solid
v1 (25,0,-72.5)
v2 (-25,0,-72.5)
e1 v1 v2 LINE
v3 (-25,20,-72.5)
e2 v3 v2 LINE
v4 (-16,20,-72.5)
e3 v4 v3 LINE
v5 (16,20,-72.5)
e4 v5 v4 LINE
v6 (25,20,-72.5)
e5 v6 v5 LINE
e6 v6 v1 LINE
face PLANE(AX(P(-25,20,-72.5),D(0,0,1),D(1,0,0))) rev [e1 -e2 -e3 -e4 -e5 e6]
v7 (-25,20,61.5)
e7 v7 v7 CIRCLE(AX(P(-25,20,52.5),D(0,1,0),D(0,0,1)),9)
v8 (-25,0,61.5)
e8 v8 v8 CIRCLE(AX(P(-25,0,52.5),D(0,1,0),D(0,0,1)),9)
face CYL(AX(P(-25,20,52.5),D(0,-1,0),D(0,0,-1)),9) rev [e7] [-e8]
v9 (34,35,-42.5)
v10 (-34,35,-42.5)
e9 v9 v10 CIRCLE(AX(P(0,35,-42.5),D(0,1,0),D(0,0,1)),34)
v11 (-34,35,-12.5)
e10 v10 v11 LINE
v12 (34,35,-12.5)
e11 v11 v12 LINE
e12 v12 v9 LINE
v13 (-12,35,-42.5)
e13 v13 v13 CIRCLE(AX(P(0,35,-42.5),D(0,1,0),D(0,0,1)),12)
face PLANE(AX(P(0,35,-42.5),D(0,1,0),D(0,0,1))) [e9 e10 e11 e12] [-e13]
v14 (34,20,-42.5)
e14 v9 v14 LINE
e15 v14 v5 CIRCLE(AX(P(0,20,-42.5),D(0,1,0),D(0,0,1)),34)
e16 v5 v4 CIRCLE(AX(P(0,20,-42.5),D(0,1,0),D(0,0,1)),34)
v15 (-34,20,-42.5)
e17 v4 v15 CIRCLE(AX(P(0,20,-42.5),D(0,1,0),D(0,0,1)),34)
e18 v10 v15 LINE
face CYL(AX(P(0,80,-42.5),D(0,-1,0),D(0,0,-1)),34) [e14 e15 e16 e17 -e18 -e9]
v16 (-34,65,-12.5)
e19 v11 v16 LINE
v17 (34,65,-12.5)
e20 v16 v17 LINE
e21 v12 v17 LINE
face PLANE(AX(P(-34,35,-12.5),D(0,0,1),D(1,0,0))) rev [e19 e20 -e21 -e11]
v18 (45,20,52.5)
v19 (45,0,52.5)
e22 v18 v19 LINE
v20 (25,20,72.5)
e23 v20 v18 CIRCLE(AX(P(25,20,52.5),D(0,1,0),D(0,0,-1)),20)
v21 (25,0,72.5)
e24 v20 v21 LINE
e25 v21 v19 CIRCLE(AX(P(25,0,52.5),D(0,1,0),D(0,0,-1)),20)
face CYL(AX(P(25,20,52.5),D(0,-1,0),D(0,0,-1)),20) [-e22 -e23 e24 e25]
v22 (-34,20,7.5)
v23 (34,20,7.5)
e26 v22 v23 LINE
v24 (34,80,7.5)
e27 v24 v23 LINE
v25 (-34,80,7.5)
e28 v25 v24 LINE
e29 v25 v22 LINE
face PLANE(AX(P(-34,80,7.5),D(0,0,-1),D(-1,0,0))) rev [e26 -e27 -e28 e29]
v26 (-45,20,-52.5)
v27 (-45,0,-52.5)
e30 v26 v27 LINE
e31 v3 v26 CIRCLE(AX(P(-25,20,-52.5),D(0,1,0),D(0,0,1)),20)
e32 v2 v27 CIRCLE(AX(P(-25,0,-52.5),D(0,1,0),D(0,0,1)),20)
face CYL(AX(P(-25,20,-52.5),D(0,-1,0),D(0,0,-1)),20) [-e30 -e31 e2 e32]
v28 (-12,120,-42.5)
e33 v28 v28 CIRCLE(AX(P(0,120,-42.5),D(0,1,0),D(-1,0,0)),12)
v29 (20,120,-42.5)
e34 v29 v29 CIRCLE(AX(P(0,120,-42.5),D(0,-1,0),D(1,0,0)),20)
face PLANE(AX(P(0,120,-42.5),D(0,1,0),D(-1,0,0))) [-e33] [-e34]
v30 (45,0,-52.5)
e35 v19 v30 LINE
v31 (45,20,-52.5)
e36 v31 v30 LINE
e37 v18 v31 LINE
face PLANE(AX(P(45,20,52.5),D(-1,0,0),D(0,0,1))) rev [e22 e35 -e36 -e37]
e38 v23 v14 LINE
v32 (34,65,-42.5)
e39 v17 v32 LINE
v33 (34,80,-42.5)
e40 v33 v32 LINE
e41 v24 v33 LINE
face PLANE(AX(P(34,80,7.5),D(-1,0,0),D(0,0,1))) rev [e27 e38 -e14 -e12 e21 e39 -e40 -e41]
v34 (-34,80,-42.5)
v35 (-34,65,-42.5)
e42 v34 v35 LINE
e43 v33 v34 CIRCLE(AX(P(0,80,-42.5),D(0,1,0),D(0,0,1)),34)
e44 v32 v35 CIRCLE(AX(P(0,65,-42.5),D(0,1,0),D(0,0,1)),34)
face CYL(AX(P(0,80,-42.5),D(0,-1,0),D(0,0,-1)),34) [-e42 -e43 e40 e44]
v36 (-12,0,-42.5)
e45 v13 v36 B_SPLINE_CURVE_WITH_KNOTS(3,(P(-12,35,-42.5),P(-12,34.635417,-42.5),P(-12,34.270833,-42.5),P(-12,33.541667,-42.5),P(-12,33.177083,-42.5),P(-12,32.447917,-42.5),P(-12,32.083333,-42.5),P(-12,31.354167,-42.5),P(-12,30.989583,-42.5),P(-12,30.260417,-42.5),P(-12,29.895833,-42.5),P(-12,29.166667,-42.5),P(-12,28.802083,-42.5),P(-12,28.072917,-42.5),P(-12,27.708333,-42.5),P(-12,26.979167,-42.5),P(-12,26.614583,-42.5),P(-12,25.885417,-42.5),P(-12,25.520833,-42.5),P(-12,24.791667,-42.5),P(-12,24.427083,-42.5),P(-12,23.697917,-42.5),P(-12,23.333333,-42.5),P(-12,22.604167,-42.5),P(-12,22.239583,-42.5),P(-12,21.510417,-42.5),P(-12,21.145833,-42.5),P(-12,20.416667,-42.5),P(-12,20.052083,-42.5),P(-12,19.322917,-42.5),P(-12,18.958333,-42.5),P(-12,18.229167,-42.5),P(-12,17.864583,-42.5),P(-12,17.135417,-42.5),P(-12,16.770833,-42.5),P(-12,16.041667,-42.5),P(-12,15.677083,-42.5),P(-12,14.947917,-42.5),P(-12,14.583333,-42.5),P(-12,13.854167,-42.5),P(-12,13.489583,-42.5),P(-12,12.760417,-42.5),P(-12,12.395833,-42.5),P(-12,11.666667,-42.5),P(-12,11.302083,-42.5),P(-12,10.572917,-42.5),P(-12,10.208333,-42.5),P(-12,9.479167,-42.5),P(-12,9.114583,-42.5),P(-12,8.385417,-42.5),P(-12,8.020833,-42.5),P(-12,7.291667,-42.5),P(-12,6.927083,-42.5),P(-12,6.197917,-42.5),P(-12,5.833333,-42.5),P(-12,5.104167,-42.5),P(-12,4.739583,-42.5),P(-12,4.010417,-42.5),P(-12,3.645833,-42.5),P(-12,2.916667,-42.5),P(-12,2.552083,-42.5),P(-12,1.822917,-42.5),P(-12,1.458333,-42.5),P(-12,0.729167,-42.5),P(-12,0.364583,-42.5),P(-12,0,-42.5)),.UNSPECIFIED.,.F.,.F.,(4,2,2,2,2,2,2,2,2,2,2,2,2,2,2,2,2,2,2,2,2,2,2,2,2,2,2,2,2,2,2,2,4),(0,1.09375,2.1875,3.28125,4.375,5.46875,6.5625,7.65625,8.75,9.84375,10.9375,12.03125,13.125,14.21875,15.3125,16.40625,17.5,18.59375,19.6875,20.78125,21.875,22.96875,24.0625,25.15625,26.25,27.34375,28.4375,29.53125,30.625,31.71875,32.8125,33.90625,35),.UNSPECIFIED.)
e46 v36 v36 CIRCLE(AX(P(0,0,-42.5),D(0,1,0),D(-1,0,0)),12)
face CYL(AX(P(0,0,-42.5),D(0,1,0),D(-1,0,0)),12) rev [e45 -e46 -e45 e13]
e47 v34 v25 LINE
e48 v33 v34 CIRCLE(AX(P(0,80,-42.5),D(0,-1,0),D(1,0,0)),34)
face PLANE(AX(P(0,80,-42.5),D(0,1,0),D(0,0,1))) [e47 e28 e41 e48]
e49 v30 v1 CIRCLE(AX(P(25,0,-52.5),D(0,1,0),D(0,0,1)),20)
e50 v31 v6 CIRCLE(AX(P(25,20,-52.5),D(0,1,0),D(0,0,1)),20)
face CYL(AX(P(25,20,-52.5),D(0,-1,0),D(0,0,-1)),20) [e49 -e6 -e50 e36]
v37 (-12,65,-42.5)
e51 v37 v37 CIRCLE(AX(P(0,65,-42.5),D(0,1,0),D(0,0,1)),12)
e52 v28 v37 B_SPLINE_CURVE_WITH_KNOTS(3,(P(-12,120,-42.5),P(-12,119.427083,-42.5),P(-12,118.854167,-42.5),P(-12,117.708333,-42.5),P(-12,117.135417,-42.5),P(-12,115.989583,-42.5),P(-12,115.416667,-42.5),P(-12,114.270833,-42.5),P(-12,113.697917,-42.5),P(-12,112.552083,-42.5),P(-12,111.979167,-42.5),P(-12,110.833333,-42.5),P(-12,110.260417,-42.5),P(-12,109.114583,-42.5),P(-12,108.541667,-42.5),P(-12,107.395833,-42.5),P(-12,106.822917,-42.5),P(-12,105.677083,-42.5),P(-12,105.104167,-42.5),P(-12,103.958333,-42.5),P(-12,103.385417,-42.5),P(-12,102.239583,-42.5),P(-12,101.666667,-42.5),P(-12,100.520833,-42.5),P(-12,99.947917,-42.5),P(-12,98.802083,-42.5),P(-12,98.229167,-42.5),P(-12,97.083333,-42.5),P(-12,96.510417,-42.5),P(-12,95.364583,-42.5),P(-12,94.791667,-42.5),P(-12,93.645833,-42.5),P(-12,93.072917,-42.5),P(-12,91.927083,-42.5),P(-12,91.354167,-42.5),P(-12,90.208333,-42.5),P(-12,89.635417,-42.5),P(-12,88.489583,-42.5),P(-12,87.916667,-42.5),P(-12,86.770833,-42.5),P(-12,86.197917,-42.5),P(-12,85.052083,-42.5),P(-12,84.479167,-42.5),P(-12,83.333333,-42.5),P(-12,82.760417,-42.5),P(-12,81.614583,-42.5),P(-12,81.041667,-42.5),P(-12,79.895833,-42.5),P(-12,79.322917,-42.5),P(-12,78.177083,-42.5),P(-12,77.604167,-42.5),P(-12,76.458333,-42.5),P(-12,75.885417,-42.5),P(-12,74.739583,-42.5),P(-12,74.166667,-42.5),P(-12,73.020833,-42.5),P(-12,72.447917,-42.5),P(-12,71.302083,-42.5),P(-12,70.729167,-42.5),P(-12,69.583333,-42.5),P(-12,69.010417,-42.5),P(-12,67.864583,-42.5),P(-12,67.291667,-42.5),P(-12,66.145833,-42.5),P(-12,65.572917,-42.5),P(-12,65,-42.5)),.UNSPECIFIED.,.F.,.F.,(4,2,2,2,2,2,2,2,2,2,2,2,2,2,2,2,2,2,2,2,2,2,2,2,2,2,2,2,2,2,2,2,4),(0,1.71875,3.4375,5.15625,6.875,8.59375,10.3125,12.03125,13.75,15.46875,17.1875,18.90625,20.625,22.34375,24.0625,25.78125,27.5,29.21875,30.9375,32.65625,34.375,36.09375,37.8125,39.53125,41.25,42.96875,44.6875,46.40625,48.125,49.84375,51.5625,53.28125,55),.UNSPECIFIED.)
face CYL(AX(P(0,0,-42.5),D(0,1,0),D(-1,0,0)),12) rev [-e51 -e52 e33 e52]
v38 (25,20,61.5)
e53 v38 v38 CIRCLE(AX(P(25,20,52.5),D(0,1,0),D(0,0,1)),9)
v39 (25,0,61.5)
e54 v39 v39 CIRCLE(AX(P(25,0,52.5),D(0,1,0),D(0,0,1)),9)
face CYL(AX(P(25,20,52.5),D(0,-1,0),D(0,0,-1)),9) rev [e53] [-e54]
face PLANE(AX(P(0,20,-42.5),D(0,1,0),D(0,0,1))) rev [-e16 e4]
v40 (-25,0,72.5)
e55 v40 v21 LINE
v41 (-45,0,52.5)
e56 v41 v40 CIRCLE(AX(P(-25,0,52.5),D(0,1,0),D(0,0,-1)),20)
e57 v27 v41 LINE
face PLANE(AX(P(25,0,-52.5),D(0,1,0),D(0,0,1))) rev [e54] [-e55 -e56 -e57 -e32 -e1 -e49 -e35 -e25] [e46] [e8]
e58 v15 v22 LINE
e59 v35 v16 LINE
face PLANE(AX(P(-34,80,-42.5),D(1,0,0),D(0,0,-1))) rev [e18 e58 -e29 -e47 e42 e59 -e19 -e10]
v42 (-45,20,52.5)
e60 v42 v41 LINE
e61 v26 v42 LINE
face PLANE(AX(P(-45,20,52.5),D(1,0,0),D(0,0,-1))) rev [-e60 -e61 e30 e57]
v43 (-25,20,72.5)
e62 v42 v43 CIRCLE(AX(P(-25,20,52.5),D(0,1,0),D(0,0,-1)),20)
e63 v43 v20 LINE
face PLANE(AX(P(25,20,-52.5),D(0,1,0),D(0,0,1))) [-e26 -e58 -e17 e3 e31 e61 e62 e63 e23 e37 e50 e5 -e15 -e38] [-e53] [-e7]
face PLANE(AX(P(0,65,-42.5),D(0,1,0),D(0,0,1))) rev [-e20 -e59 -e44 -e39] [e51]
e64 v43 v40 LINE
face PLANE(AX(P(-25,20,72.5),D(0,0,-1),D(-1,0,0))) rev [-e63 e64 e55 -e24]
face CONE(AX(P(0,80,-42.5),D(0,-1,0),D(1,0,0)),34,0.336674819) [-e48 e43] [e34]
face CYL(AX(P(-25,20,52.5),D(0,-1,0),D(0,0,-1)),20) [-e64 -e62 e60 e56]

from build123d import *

# Parameters (mm, degrees)
SKETCH1_R           = 9
BOSS_EXTRUDE1_DEPTH = 20
BOSS_EXTRUDE4_DEPTH = 60
CUT_EXTRUDE1_START  = -45
CUT_EXTRUDE1_DEPTH  = 30
SKETCH9_R           = 12
CUT_EXTRUDE2_DEPTH  = 150.255653159


with BuildPart() as part:
    # Sketch1 → Boss-Extrude1 (new body)
    with BuildSketch(Plane(origin=(0, 0, 0), x_dir=(1, 0, 0), z_dir=(0, 1, 0))):
        with BuildLine():
            Line((-25, -72.5), (25, -72.5))
            ThreePointArc((25, -72.5), (39.142135624, -66.642135624), (45, -52.5))
            Line((45, -52.5), (45, 52.5))
            ThreePointArc((45, 52.5), (39.142135624, 66.642135624), (25, 72.5))
            Line((25, 72.5), (-25, 72.5))
            ThreePointArc((-25, 72.5), (-39.142135624, 66.642135624), (-45, 52.5))
            Line((-45, 52.5), (-45, -52.5))
            ThreePointArc((-45, -52.5), (-39.142135624, -66.642135624), (-25, -72.5))
        make_face()
        with Locations(Location((25, -52.5, 0), (0, 0, 270))):
            Circle(SKETCH1_R, mode=Mode.SUBTRACT)
        with Locations(Location((-25, -52.5, 0), (0, 0, 270))):
            Circle(SKETCH1_R, mode=Mode.SUBTRACT)
    extrude(amount=BOSS_EXTRUDE1_DEPTH)

    # Sketch4 → Boss-Extrude4 (add)
    with BuildSketch(Plane(origin=(0, 20, 0), x_dir=(1, 0, 0), z_dir=(0, 1, 0))):
        with BuildLine():
            Line((-34, -7.5), (34, -7.5))
            Line((34, -7.5), (34, 42.5))
            ThreePointArc((34, 42.5), (0, 76.5), (-34, 42.5))
            Line((-34, 42.5), (-34, -7.5))
        make_face()
    extrude(amount=BOSS_EXTRUDE4_DEPTH)

    # Sketch6 → Cut-Extrude1 (cut)
    with BuildSketch(Plane(origin=(0, 80, 0), x_dir=(1, 0, 0), z_dir=(0, 1, 0)).offset(CUT_EXTRUDE1_START)):
        with BuildLine():
            Line((-34, 12.5), (34, 12.5))
            Line((34, 12.5), (34, 42.5))
            ThreePointArc((34, 42.5), (0, 76.5), (-34, 42.5))
            Line((-34, 42.5), (-34, 12.5))
        make_face()
    extrude(amount=CUT_EXTRUDE1_DEPTH, mode=Mode.SUBTRACT)

    # Sketch7 → Revolve1 (revolve)
    with BuildSketch(Plane.XY.offset(-42.5)):
        Polygon((0, 120), (20, 120), (34, 80), (0, 80), align=None)
    revolve(axis=Axis((0, 80, -42.5), (0, 1, 0)))

    # Sketch9 → Cut-Extrude2 (cut, through all)
    with BuildSketch(Plane(origin=(0, 120, 0), x_dir=(1, 0, 0), z_dir=(0, 1, 0))):
        with Locations(Location((0, 42.5, 0), (0, 0, 180))):
            Circle(SKETCH9_R)
    extrude(amount=-CUT_EXTRUDE2_DEPTH, mode=Mode.SUBTRACT)


solid = part.part
